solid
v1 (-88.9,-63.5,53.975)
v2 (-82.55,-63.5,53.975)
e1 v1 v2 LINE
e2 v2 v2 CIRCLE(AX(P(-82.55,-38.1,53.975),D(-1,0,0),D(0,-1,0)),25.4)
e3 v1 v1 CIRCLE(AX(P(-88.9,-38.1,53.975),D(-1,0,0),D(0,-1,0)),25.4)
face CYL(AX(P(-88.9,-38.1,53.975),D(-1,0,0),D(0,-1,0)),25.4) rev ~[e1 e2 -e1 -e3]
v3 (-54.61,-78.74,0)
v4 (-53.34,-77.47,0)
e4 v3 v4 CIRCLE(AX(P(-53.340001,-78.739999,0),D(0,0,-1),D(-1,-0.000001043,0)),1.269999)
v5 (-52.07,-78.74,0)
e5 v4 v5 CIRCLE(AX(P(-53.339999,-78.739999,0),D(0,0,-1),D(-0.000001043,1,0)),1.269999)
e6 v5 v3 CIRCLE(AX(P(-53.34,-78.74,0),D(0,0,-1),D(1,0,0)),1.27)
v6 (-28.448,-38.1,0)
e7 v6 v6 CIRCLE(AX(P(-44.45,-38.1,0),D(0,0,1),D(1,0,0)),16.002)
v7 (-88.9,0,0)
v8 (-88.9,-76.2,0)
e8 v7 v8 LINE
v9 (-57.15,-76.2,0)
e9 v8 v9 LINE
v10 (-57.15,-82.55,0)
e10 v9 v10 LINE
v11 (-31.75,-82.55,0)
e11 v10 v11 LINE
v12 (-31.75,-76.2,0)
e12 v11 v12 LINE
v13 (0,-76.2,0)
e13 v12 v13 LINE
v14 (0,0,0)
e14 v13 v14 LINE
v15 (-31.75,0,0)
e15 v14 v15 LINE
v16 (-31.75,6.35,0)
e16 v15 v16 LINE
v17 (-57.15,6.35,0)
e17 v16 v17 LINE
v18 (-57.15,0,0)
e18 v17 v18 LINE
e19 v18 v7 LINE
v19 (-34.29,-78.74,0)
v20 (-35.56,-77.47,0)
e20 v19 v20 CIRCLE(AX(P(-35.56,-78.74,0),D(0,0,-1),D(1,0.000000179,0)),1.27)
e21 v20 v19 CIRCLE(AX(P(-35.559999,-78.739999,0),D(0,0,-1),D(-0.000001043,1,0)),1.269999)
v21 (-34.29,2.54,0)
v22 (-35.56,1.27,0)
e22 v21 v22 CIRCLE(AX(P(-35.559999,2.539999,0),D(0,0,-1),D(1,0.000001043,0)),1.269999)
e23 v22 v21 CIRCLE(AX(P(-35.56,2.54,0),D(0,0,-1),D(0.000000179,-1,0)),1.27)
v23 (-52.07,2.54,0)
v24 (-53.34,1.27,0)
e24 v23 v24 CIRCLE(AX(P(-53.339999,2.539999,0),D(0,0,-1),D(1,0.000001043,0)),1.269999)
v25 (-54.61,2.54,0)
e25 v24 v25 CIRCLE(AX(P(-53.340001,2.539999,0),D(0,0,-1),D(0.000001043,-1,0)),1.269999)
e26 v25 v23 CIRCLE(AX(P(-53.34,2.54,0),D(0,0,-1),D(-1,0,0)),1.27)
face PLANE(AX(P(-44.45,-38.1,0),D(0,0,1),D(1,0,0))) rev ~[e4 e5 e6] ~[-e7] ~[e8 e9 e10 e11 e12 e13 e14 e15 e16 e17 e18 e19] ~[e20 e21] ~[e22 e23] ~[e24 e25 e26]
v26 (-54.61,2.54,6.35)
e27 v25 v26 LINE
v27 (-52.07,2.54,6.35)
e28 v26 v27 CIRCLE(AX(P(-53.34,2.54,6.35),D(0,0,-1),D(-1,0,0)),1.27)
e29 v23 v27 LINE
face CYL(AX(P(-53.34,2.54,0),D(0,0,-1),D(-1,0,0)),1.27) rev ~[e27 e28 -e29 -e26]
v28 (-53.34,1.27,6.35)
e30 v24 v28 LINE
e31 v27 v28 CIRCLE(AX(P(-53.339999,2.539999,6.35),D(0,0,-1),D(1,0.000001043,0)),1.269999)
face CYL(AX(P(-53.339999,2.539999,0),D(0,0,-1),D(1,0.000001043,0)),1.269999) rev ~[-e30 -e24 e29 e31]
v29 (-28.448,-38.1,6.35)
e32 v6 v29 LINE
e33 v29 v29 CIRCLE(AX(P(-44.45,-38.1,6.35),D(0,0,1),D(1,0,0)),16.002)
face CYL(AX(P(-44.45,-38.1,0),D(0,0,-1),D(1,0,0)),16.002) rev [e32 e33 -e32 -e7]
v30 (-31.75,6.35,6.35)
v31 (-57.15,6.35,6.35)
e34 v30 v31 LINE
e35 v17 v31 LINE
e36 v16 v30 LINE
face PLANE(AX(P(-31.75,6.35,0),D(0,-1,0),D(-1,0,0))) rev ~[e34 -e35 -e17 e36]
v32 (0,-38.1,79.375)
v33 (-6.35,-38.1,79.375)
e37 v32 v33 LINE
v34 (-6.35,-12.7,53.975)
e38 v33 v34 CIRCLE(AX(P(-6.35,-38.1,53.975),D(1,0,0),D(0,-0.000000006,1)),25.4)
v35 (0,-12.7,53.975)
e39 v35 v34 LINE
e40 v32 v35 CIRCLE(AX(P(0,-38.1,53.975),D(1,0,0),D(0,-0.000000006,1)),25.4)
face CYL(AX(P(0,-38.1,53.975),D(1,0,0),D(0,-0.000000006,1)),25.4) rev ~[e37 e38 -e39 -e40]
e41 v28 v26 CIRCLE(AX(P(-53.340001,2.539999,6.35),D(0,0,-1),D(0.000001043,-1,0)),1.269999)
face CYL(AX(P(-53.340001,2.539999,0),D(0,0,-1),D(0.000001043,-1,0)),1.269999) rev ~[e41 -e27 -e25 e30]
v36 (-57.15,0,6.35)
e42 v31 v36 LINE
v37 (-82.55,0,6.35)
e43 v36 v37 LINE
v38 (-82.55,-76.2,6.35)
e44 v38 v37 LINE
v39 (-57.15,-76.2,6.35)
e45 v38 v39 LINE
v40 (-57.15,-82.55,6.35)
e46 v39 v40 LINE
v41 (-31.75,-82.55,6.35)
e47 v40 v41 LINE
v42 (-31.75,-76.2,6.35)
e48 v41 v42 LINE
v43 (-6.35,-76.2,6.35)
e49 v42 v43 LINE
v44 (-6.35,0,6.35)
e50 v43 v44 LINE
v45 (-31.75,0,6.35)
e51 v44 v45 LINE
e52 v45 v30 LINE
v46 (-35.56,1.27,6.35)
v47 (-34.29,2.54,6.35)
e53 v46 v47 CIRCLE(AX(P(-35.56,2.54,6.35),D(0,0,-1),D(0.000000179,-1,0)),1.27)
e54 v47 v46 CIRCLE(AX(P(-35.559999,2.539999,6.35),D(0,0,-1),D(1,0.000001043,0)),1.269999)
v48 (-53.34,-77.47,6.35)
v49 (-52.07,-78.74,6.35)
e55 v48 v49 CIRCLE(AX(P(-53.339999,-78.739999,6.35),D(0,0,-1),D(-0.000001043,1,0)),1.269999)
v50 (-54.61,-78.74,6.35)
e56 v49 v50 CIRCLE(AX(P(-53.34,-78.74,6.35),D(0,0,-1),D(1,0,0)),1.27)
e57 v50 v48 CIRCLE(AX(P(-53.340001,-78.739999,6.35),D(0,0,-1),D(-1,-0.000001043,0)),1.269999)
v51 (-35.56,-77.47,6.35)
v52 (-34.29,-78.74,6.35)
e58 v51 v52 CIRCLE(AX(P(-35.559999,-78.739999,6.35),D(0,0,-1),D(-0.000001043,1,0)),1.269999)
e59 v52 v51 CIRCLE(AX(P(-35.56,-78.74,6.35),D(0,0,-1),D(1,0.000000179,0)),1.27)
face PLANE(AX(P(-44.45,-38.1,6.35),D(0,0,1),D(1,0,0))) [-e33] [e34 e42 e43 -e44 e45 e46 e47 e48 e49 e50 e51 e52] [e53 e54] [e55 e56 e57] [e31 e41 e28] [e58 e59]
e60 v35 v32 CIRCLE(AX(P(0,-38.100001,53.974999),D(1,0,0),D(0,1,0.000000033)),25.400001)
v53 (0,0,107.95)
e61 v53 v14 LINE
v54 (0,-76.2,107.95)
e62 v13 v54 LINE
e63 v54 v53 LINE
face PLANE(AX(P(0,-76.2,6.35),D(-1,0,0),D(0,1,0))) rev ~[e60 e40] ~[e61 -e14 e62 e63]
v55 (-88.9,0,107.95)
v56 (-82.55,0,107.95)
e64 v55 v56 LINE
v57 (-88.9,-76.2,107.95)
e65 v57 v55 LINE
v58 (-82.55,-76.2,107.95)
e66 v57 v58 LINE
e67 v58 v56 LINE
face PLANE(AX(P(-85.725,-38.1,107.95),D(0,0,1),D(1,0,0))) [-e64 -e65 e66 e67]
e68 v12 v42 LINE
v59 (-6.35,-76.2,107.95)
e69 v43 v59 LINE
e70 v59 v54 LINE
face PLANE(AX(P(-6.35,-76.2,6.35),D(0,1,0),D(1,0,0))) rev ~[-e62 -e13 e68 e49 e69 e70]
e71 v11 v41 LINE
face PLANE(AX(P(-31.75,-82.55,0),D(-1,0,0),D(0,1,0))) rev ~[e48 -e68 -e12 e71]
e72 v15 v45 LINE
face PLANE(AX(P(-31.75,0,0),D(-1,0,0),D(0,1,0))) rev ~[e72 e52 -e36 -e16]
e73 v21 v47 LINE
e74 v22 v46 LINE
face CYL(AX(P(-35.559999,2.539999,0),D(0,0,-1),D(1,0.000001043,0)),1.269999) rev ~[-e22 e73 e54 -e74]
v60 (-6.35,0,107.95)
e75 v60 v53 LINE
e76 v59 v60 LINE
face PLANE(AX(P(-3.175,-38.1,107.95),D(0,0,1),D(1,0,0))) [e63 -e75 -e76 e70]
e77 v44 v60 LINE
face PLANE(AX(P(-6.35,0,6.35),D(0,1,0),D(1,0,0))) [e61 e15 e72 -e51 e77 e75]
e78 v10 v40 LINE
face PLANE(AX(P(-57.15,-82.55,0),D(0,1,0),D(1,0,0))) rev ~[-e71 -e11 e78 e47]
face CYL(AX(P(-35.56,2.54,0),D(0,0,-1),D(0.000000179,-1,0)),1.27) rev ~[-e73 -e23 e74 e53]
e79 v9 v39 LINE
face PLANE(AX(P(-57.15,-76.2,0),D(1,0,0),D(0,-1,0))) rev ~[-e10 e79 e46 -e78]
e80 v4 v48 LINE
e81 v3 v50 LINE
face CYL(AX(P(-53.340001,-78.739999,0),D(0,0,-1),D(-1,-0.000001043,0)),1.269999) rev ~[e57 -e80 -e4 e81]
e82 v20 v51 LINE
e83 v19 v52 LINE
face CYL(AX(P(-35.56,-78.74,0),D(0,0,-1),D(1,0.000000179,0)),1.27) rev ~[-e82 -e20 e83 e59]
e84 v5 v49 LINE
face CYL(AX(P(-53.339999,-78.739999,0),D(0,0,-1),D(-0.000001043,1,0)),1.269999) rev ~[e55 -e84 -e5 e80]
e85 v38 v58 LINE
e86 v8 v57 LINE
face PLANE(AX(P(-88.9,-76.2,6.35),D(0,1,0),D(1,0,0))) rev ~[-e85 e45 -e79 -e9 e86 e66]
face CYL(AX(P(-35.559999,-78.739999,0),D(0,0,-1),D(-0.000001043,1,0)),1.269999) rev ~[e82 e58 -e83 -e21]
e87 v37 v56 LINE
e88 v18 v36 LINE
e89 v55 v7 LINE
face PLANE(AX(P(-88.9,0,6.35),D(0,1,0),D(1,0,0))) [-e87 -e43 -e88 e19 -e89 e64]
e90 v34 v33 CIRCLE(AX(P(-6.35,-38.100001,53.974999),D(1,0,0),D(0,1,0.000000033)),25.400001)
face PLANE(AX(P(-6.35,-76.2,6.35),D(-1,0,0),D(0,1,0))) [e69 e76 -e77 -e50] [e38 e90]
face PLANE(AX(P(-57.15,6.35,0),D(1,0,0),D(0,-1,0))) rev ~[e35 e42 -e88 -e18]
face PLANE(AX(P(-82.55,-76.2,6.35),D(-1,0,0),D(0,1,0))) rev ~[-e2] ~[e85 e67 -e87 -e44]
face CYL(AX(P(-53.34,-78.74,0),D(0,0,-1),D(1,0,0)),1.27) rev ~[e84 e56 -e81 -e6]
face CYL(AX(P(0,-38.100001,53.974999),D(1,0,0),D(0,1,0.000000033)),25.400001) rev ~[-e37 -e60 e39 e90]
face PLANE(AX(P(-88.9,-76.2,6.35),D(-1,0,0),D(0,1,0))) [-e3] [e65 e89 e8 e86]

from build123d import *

# Parameters (mm, degrees)
F0_R     = 16.002
F1_DEPTH = 6.35
F2_W     = 6.35
F2_H     = 76.2
F3_DEPTH = 101.6
F5_DEPTH = 101.6
F6_W     = 6.35
F6_H     = 76.2
F7_DEPTH = 101.6
F9_DEPTH = 25.4


with BuildPart() as f1:
    # F0 (on Top) → F1 (new body)
    with BuildSketch(Plane.XY):
        Polygon((0, -38.1), (0, 0), (-31.75, 0), (-35.56, 0), (-53.34, 0), (-57.15, 0), (-88.9, 0), (-88.9, -76.2), (-57.15, -76.2), (-53.34, -76.2), (-35.56, -76.2), (-31.75, -76.2), (0, -76.2), align=None)
        with Locations((-44.45, -38.1)):
            Circle(F0_R, mode=Mode.SUBTRACT)
        Polygon((-35.56, 0), (-31.75, 0), (-31.75, 2.54), (-31.75, 6.35), (-57.15, 6.35), (-57.15, 2.54), (-57.15, 0), (-53.34, 0), align=None)
        with BuildLine():
            ThreePointArc((-53.34, 1.27), (-54.238026, 1.641974), (-54.61, 2.54))
            ThreePointArc((-54.61, 2.54), (-53.34, 3.81), (-52.07, 2.54))
            ThreePointArc((-52.07, 2.54), (-52.441974, 1.641974), (-53.34, 1.27))
        make_face(mode=Mode.SUBTRACT)
        with BuildLine():
            ThreePointArc((-35.56, 1.27), (-36.458026, 3.438026), (-34.29, 2.54))
            ThreePointArc((-34.29, 2.54), (-34.661974, 1.641974), (-35.56, 1.27))
        make_face(mode=Mode.SUBTRACT)
        Polygon((-31.75, -78.74), (-31.75, -76.2), (-35.56, -76.2), (-53.34, -76.2), (-57.15, -76.2), (-57.15, -78.74), (-57.15, -82.55), (-31.75, -82.55), align=None)
        with BuildLine():
            ThreePointArc((-52.07, -78.74), (-53.34, -80.01), (-54.61, -78.74))
            ThreePointArc((-54.61, -78.74), (-54.238026, -77.841974), (-53.34, -77.47))
            ThreePointArc((-53.34, -77.47), (-52.441974, -77.841974), (-52.07, -78.74))
        make_face(mode=Mode.SUBTRACT)
        with BuildLine():
            ThreePointArc((-35.56, -77.47), (-34.661974, -77.841974), (-34.29, -78.74))
            ThreePointArc((-34.29, -78.74), (-36.458026, -79.638026), (-35.56, -77.47))
        make_face(mode=Mode.SUBTRACT)
    extrude(amount=F1_DEPTH)

    # F2 (on face) → F3 (join)
    with BuildSketch(Plane.XY.offset(6.35)):
        with Locations((-85.725, -38.1)):
            Rectangle(F2_W, F2_H)
    extrude(amount=F3_DEPTH)

    # F4 (on face) → F5 (cut)
    with BuildSketch(Plane(origin=(-88.9, 0, 0), x_dir=(0, -1, 0), z_dir=(-1, 0, 0))):
        with BuildLine():
            ThreePointArc((12.7, 53.975), (38.1, 28.575), (63.5, 53.975))
            ThreePointArc((63.5, 53.975), (38.1, 79.375), (12.7, 53.975))
        make_face()
    extrude(amount=-F5_DEPTH, mode=Mode.SUBTRACT)

    # F6 (on face) → F7 (join)
    with BuildSketch(Plane.XY.offset(6.35)):
        with Locations((-3.175, -38.1)):
            Rectangle(F6_W, F6_H)
    extrude(amount=F7_DEPTH)

    # F8 (on face) → F9 (cut)
    with BuildSketch(Plane.YZ):
        with BuildLine():
            ThreePointArc((-12.7, 53.975), (-20.139488, 71.935512), (-38.1, 79.375))
            ThreePointArc((-38.1, 79.375), (-56.060512, 36.014488), (-12.7, 53.975))
        make_face()
    extrude(amount=-F9_DEPTH, mode=Mode.SUBTRACT)


solid = f1.part
